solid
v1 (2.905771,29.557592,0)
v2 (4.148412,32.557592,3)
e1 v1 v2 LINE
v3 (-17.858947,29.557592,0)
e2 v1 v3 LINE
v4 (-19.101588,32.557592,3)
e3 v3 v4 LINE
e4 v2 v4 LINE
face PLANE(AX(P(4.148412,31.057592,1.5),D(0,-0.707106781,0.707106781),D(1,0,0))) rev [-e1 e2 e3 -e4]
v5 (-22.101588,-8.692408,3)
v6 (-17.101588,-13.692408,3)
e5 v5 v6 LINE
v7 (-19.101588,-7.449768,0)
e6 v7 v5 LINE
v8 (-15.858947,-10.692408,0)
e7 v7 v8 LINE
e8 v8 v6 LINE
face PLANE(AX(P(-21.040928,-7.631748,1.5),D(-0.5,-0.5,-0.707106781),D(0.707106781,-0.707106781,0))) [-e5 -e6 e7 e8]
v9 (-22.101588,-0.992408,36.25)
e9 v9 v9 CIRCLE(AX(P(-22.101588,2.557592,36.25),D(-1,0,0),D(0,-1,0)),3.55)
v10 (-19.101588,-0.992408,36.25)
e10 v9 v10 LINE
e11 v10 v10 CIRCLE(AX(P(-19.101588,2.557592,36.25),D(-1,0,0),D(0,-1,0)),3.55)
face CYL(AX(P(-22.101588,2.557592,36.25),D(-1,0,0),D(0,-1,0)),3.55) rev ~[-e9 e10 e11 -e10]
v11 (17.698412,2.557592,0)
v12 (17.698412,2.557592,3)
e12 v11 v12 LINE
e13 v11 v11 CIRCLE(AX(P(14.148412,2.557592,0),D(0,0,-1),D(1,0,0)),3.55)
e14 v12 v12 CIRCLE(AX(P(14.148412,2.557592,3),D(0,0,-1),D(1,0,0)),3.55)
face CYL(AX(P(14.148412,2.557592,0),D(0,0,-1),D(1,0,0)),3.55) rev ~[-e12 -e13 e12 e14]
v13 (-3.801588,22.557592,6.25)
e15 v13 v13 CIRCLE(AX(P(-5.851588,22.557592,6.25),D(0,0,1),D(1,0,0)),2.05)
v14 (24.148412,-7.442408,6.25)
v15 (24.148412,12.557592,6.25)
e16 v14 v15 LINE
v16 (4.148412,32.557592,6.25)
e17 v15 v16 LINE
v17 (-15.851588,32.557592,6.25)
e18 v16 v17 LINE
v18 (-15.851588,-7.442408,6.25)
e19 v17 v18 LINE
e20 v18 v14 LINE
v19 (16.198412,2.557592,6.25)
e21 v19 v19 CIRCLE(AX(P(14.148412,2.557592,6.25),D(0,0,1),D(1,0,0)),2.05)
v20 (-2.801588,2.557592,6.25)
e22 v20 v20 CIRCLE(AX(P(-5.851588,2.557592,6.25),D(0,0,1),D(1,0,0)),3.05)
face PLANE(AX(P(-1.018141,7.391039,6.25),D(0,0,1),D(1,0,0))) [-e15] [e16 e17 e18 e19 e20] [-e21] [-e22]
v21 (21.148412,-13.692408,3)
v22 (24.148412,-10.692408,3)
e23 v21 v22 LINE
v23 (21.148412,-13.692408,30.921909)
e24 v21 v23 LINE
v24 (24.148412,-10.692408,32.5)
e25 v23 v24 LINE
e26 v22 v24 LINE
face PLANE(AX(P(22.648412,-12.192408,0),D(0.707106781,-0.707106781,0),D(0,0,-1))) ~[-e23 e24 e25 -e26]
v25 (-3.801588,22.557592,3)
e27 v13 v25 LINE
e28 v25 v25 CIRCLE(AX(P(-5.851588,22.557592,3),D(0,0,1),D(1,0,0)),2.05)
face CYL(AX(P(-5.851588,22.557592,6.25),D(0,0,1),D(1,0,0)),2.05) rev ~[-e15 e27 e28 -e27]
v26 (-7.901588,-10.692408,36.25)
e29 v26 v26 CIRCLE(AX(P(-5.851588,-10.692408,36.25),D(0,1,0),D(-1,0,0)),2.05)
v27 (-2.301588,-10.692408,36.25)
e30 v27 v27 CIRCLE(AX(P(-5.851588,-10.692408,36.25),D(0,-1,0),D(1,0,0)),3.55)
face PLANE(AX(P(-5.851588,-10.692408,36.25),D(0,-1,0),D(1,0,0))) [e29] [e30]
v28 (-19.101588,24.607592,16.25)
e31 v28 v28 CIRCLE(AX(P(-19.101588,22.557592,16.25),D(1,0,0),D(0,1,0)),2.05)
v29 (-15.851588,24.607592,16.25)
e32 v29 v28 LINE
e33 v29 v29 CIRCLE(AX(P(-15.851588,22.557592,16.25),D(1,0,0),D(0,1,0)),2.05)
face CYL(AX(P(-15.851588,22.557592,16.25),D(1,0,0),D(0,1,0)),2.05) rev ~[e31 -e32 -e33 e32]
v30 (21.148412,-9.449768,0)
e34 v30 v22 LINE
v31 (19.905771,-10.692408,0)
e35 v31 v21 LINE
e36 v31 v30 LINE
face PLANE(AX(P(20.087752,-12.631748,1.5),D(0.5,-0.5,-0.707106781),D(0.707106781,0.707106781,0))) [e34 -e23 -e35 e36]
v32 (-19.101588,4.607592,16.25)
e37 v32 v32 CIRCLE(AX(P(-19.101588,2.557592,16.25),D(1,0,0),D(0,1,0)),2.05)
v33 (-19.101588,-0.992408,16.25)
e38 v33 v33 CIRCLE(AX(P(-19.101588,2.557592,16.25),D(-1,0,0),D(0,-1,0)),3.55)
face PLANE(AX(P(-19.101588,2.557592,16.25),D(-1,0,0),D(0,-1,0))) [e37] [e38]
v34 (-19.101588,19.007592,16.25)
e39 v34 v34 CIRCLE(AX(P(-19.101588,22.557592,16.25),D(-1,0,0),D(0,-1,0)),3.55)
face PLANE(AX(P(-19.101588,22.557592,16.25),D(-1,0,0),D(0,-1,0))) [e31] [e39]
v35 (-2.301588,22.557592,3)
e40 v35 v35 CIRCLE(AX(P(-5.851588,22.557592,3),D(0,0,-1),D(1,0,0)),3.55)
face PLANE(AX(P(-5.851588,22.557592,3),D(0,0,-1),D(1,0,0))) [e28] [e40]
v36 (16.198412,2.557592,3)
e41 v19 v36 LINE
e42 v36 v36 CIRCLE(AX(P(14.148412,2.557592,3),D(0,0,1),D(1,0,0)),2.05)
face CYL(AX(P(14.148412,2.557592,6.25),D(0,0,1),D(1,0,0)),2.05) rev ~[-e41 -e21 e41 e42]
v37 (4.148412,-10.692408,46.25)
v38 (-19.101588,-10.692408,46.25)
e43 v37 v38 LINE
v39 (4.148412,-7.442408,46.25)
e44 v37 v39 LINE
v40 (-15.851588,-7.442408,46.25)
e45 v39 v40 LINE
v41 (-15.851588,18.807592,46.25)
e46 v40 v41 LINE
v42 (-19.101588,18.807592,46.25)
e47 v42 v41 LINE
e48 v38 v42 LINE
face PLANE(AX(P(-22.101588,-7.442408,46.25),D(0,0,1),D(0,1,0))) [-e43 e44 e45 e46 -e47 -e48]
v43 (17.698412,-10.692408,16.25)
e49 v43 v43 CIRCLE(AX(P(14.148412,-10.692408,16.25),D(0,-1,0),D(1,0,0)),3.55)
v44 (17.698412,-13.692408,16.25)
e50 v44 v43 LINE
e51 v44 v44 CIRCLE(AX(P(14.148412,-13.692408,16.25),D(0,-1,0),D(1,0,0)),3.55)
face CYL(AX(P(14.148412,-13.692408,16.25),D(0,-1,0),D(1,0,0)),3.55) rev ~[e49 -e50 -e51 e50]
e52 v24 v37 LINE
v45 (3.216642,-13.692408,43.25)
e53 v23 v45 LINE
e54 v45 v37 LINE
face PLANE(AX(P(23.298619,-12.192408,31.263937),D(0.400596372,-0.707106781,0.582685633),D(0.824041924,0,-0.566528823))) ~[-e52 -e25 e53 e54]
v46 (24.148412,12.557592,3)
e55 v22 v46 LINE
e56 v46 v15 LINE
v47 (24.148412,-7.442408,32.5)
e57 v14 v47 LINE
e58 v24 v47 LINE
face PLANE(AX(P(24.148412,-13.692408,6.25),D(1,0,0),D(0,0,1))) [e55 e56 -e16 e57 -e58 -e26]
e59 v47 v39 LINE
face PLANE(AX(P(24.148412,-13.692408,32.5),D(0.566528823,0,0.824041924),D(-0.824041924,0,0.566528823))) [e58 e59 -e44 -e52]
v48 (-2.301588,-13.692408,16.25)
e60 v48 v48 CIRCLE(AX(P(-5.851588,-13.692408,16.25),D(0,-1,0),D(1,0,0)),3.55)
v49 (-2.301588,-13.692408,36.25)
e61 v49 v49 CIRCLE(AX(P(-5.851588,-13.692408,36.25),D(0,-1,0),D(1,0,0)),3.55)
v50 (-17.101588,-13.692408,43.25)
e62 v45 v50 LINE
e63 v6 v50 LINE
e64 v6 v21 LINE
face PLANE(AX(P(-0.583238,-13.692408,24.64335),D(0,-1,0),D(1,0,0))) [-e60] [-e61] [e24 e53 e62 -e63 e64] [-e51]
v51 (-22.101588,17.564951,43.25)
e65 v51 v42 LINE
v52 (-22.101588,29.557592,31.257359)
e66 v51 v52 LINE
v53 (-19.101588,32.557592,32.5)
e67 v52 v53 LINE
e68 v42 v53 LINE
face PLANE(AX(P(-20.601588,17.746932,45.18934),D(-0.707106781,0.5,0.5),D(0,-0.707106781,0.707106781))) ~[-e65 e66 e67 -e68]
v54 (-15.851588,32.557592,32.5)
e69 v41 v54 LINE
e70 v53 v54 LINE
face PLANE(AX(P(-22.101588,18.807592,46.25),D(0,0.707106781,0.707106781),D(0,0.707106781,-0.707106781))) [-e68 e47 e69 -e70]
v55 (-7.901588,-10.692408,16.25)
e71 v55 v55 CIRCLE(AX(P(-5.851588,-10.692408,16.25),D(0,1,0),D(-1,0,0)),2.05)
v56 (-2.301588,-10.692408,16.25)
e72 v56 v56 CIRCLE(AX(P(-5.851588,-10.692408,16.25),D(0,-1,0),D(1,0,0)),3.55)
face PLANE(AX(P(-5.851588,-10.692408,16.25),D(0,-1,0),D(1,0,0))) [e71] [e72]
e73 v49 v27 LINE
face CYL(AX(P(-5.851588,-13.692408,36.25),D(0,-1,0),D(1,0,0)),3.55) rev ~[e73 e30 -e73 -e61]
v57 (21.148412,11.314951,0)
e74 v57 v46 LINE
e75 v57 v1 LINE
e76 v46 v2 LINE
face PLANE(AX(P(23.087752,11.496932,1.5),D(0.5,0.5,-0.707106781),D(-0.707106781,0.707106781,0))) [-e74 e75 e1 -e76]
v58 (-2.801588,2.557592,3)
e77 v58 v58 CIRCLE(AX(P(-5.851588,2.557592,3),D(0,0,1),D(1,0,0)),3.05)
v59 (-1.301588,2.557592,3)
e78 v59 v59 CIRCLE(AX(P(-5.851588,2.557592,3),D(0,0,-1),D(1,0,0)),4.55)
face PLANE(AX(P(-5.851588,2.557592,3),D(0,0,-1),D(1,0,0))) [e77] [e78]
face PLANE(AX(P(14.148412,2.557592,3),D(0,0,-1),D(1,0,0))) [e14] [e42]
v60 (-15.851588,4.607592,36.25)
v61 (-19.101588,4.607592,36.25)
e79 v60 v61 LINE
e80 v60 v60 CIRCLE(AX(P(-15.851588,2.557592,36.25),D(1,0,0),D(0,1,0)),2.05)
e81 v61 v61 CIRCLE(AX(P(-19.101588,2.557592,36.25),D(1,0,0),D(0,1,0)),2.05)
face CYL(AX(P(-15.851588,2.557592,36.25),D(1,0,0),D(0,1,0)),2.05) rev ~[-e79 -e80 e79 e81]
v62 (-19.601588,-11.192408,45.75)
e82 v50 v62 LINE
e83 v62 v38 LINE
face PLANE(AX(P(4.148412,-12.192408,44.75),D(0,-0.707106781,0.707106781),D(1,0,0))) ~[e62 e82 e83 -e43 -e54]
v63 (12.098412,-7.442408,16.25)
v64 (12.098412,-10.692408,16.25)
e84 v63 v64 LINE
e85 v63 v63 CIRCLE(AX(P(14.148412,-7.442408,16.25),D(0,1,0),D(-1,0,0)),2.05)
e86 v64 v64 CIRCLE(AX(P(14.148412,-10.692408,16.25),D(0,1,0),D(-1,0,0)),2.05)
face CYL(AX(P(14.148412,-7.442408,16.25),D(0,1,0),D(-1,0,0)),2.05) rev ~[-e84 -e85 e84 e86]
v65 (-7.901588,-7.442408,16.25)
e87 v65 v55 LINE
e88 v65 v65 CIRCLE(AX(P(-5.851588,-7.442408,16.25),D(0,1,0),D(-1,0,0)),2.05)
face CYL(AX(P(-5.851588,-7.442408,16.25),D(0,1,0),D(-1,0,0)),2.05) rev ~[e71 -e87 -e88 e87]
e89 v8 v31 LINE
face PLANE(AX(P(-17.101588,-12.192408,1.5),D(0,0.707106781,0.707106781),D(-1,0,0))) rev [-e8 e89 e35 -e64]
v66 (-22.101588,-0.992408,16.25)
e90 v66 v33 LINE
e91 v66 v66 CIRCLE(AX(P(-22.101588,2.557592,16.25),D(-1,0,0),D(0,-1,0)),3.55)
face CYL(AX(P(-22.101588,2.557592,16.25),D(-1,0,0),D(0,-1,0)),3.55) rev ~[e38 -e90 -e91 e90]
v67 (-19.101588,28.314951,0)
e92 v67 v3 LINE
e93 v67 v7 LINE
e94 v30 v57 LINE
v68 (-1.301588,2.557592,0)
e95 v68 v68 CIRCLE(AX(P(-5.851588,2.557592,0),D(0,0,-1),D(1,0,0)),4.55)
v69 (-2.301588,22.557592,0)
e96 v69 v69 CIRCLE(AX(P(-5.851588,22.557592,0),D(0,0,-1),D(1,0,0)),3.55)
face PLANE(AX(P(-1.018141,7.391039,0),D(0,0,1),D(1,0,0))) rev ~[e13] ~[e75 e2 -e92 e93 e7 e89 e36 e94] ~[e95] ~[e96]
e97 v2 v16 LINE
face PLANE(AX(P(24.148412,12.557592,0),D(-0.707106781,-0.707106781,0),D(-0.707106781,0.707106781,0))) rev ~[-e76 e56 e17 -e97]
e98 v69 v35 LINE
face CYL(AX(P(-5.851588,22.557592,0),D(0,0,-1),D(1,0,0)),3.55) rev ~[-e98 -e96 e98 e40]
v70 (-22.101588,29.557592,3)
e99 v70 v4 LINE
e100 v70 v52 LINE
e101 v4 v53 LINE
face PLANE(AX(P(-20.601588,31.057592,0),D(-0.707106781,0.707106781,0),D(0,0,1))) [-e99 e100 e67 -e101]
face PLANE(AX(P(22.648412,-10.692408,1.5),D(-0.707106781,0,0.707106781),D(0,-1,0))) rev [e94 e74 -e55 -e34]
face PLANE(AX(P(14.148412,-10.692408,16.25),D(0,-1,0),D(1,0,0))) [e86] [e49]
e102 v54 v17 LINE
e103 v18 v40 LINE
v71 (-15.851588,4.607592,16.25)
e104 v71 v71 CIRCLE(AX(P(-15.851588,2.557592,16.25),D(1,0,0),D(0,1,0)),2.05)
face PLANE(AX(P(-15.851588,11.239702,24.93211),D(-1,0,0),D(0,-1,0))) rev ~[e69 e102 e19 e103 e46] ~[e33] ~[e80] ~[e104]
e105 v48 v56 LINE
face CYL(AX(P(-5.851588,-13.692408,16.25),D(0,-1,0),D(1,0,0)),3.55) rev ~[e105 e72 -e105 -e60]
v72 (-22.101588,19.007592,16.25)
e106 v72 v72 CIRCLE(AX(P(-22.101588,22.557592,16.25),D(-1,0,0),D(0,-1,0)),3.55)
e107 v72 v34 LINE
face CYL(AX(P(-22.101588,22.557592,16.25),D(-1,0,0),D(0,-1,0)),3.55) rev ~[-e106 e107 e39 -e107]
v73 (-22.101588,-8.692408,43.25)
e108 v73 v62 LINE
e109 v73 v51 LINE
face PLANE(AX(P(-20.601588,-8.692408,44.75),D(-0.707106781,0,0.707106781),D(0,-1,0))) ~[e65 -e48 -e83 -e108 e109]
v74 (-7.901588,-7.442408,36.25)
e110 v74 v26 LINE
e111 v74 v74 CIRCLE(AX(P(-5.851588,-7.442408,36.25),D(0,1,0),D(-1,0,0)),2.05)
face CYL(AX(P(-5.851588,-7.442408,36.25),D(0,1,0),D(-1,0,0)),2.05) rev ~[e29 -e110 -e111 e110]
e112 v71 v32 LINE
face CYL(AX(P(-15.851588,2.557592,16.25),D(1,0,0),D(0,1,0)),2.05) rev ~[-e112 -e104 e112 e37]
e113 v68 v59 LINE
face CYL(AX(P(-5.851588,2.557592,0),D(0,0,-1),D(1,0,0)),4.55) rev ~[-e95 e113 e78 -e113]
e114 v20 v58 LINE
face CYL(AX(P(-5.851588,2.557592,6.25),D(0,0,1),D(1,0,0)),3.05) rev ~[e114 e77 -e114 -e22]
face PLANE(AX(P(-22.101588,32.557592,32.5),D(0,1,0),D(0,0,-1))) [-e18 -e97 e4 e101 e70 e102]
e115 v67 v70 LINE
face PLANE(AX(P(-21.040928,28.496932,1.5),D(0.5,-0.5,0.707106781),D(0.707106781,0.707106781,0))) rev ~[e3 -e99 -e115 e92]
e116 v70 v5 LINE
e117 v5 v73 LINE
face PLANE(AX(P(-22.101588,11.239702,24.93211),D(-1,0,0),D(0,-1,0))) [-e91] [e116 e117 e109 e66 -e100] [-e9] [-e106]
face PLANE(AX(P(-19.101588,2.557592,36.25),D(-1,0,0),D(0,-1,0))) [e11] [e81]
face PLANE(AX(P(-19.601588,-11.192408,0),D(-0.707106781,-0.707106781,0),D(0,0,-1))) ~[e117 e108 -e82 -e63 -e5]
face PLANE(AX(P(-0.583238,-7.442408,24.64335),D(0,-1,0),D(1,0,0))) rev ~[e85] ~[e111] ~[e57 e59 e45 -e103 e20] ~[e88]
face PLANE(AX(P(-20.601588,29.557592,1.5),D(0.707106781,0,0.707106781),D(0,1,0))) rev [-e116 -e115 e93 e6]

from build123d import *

# Parameters (mm, degrees)
F1_DEPTH  = 6.25
F3_DEPTH  = 6.25
F5_DEPTH  = 6.25
F6_R      = 2.05
F6_R_2    = 3.05
F7_DEPTH  = 25
F8_R      = 2.05
F9_DEPTH  = 25
F10_R     = 2.05
F11_DEPTH = 25
F13_R     = 3.55
F14_DEPTH = 3
F15_R     = 3.55
F16_DEPTH = 3
F17_R     = 3.55
F17_R_2   = 4.55
F18_DEPTH = 3
F19_SIZE  = 5
F20_SIZE  = 3
F21_SIZE  = 3


with BuildPart() as f1:
    # F0 (on Top) → F1 (new body)
    with BuildSketch(Plane.XY):
        Polygon((4.1484118214, 32.5575917727), (-22.1015881786, 32.5575917727), (-22.1015881786, -13.6924082273), (24.1484118214, -13.6924082273), (24.1484118214, 12.5575917727), align=None)
    extrude(amount=F1_DEPTH)

    # F6 (on face) → F7 (cut)
    with BuildSketch(Plane.XY.offset(6.25)):
        with Locations((-5.8515881786, 22.5575917727)):
            Circle(F6_R)
        with Locations((-5.8515881786, 2.5575917727)):
            Circle(F6_R_2)
        with Locations((14.1484118214, 2.5575917727)):
            Circle(F6_R)
    extrude(amount=-F7_DEPTH, mode=Mode.SUBTRACT)


with BuildPart() as f3:
    # F2 (on face) → F3 (new body)
    with BuildSketch(Plane.XZ.offset(13.6924082273)):
        Polygon((-22.1015881786, 46.25), (-22.1015881786, 6.25), (24.1484118214, 6.25), (24.1484118214, 32.5), (4.1484118214, 46.25), align=None)
    extrude(amount=-F3_DEPTH)

    # F8 (on face) → F9 (cut)
    with BuildSketch(Plane(origin=(0, -7.4424082273, 0), x_dir=(-1, 0, 0), z_dir=(0, 1, 0))):
        with Locations((5.8515881786, 16.25)):
            Circle(F8_R)
        with Locations((-14.1484118214, 16.25)):
            Circle(F8_R)
        with Locations((5.8515881786, 36.25)):
            Circle(F8_R)
    extrude(amount=-F9_DEPTH, mode=Mode.SUBTRACT)


with BuildPart() as f5:
    # F4 (on face) → F5 (new body)
    with BuildSketch(Plane(origin=(-22.1015881786, 0, 0), x_dir=(0, -1, 0), z_dir=(-1, 0, 0))):
        Polygon((-32.5575917727, 6.25), (7.4424082273, 6.25), (7.4424082273, 46.25), (-18.8075917727, 46.25), (-32.5575917727, 32.5), align=None)
    extrude(amount=-F5_DEPTH)

    # F10 (on face) → F11 (cut)
    with BuildSketch(Plane.YZ.offset(-15.8515881786)):
        with Locations((22.5575917727, 16.25)):
            Circle(F10_R)
        with Locations((2.5575917727, 16.25)):
            Circle(F10_R)
        with Locations((2.5575917727, 36.25)):
            Circle(F10_R)
    extrude(amount=-F11_DEPTH, mode=Mode.SUBTRACT)


with BuildPart() as f1_1:
    add(f1.part)

    # F12: union F3, F5
    add(f3.part)
    add(f5.part)

    # F13 (on face) → F14 (cut)
    with BuildSketch(Plane.XZ.offset(13.6924082273)):
        with Locations((-5.8515881786, 36.25)):
            Circle(F13_R)
        with Locations((14.1484118214, 16.25)):
            Circle(F13_R)
        with Locations((-5.8515881786, 16.25)):
            Circle(F13_R)
    extrude(amount=-F14_DEPTH, mode=Mode.SUBTRACT)

    # F15 (on face) → F16 (cut)
    with BuildSketch(Plane(origin=(-22.1015881786, 0, 0), x_dir=(0, -1, 0), z_dir=(-1, 0, 0))):
        with Locations((-2.5575917727, 36.25)):
            Circle(F15_R)
        with Locations((-2.5575917727, 16.25)):
            Circle(F15_R)
        with Locations((-22.5575917727, 16.25)):
            Circle(F15_R)
    extrude(amount=-F16_DEPTH, mode=Mode.SUBTRACT)

    # F17 (on face) → F18 (cut)
    with BuildSketch(Plane(origin=(0, 0, 0), x_dir=(1, 0, 0), z_dir=(0, 0, -1))):
        with Locations((-5.8515881786, -22.5575917727)):
            Circle(F17_R)
        with Locations((-5.8515881786, -2.5575917727)):
            Circle(F17_R_2)
        with Locations((14.1484118214, -2.5575917727)):
            Circle(F17_R)
    extrude(amount=-F18_DEPTH, mode=Mode.SUBTRACT)

    # F19
    f19_edges = [f1_1.edges().sort_by_distance(p)[0] for p in [
        (-22.101588, -13.692408, 23.125),
    ]]
    chamfer(f19_edges, length=F19_SIZE)

    # F20 (call 1 of 2: OpenCascade refuses the feature's edges together)
    f20_edges = [f1_1.edges().sort_by_distance(p)[0] for p in [
        (-6.476588, -13.692408, 46.25),
        (14.148412, -13.692408, 39.375),
        (24.148412, -13.692408, 16.25),
    ]]
    chamfer(f20_edges, length=F20_SIZE)

    # F20#2 (call 2 of 2)
    f20_2_edges = [f1_1.edges().sort_by_distance(p)[0] for p in [
        (-22.101588, 5.057592, 46.25),
        (-22.101588, 25.682592, 39.375),
        (-22.101588, 32.557592, 16.25),
    ]]
    chamfer(f20_2_edges, length=F20_SIZE)

    # F21
    f21_edges = [f1_1.edges().sort_by_distance(p)[0] for p in [
        (22.648412, -12.192408, 0),
        (24.148412, 0.932592, 0),
        (14.148412, 22.557592, 0),
        (-7.476588, 32.557592, 0),
        (-20.601588, 31.057592, 0),
        (-22.101588, 10.432592, 0),
        (-19.601588, -11.192408, 0),
        (2.023412, -13.692408, 0),
    ]]
    chamfer(f21_edges, length=F21_SIZE)


solid = f1_1.part
